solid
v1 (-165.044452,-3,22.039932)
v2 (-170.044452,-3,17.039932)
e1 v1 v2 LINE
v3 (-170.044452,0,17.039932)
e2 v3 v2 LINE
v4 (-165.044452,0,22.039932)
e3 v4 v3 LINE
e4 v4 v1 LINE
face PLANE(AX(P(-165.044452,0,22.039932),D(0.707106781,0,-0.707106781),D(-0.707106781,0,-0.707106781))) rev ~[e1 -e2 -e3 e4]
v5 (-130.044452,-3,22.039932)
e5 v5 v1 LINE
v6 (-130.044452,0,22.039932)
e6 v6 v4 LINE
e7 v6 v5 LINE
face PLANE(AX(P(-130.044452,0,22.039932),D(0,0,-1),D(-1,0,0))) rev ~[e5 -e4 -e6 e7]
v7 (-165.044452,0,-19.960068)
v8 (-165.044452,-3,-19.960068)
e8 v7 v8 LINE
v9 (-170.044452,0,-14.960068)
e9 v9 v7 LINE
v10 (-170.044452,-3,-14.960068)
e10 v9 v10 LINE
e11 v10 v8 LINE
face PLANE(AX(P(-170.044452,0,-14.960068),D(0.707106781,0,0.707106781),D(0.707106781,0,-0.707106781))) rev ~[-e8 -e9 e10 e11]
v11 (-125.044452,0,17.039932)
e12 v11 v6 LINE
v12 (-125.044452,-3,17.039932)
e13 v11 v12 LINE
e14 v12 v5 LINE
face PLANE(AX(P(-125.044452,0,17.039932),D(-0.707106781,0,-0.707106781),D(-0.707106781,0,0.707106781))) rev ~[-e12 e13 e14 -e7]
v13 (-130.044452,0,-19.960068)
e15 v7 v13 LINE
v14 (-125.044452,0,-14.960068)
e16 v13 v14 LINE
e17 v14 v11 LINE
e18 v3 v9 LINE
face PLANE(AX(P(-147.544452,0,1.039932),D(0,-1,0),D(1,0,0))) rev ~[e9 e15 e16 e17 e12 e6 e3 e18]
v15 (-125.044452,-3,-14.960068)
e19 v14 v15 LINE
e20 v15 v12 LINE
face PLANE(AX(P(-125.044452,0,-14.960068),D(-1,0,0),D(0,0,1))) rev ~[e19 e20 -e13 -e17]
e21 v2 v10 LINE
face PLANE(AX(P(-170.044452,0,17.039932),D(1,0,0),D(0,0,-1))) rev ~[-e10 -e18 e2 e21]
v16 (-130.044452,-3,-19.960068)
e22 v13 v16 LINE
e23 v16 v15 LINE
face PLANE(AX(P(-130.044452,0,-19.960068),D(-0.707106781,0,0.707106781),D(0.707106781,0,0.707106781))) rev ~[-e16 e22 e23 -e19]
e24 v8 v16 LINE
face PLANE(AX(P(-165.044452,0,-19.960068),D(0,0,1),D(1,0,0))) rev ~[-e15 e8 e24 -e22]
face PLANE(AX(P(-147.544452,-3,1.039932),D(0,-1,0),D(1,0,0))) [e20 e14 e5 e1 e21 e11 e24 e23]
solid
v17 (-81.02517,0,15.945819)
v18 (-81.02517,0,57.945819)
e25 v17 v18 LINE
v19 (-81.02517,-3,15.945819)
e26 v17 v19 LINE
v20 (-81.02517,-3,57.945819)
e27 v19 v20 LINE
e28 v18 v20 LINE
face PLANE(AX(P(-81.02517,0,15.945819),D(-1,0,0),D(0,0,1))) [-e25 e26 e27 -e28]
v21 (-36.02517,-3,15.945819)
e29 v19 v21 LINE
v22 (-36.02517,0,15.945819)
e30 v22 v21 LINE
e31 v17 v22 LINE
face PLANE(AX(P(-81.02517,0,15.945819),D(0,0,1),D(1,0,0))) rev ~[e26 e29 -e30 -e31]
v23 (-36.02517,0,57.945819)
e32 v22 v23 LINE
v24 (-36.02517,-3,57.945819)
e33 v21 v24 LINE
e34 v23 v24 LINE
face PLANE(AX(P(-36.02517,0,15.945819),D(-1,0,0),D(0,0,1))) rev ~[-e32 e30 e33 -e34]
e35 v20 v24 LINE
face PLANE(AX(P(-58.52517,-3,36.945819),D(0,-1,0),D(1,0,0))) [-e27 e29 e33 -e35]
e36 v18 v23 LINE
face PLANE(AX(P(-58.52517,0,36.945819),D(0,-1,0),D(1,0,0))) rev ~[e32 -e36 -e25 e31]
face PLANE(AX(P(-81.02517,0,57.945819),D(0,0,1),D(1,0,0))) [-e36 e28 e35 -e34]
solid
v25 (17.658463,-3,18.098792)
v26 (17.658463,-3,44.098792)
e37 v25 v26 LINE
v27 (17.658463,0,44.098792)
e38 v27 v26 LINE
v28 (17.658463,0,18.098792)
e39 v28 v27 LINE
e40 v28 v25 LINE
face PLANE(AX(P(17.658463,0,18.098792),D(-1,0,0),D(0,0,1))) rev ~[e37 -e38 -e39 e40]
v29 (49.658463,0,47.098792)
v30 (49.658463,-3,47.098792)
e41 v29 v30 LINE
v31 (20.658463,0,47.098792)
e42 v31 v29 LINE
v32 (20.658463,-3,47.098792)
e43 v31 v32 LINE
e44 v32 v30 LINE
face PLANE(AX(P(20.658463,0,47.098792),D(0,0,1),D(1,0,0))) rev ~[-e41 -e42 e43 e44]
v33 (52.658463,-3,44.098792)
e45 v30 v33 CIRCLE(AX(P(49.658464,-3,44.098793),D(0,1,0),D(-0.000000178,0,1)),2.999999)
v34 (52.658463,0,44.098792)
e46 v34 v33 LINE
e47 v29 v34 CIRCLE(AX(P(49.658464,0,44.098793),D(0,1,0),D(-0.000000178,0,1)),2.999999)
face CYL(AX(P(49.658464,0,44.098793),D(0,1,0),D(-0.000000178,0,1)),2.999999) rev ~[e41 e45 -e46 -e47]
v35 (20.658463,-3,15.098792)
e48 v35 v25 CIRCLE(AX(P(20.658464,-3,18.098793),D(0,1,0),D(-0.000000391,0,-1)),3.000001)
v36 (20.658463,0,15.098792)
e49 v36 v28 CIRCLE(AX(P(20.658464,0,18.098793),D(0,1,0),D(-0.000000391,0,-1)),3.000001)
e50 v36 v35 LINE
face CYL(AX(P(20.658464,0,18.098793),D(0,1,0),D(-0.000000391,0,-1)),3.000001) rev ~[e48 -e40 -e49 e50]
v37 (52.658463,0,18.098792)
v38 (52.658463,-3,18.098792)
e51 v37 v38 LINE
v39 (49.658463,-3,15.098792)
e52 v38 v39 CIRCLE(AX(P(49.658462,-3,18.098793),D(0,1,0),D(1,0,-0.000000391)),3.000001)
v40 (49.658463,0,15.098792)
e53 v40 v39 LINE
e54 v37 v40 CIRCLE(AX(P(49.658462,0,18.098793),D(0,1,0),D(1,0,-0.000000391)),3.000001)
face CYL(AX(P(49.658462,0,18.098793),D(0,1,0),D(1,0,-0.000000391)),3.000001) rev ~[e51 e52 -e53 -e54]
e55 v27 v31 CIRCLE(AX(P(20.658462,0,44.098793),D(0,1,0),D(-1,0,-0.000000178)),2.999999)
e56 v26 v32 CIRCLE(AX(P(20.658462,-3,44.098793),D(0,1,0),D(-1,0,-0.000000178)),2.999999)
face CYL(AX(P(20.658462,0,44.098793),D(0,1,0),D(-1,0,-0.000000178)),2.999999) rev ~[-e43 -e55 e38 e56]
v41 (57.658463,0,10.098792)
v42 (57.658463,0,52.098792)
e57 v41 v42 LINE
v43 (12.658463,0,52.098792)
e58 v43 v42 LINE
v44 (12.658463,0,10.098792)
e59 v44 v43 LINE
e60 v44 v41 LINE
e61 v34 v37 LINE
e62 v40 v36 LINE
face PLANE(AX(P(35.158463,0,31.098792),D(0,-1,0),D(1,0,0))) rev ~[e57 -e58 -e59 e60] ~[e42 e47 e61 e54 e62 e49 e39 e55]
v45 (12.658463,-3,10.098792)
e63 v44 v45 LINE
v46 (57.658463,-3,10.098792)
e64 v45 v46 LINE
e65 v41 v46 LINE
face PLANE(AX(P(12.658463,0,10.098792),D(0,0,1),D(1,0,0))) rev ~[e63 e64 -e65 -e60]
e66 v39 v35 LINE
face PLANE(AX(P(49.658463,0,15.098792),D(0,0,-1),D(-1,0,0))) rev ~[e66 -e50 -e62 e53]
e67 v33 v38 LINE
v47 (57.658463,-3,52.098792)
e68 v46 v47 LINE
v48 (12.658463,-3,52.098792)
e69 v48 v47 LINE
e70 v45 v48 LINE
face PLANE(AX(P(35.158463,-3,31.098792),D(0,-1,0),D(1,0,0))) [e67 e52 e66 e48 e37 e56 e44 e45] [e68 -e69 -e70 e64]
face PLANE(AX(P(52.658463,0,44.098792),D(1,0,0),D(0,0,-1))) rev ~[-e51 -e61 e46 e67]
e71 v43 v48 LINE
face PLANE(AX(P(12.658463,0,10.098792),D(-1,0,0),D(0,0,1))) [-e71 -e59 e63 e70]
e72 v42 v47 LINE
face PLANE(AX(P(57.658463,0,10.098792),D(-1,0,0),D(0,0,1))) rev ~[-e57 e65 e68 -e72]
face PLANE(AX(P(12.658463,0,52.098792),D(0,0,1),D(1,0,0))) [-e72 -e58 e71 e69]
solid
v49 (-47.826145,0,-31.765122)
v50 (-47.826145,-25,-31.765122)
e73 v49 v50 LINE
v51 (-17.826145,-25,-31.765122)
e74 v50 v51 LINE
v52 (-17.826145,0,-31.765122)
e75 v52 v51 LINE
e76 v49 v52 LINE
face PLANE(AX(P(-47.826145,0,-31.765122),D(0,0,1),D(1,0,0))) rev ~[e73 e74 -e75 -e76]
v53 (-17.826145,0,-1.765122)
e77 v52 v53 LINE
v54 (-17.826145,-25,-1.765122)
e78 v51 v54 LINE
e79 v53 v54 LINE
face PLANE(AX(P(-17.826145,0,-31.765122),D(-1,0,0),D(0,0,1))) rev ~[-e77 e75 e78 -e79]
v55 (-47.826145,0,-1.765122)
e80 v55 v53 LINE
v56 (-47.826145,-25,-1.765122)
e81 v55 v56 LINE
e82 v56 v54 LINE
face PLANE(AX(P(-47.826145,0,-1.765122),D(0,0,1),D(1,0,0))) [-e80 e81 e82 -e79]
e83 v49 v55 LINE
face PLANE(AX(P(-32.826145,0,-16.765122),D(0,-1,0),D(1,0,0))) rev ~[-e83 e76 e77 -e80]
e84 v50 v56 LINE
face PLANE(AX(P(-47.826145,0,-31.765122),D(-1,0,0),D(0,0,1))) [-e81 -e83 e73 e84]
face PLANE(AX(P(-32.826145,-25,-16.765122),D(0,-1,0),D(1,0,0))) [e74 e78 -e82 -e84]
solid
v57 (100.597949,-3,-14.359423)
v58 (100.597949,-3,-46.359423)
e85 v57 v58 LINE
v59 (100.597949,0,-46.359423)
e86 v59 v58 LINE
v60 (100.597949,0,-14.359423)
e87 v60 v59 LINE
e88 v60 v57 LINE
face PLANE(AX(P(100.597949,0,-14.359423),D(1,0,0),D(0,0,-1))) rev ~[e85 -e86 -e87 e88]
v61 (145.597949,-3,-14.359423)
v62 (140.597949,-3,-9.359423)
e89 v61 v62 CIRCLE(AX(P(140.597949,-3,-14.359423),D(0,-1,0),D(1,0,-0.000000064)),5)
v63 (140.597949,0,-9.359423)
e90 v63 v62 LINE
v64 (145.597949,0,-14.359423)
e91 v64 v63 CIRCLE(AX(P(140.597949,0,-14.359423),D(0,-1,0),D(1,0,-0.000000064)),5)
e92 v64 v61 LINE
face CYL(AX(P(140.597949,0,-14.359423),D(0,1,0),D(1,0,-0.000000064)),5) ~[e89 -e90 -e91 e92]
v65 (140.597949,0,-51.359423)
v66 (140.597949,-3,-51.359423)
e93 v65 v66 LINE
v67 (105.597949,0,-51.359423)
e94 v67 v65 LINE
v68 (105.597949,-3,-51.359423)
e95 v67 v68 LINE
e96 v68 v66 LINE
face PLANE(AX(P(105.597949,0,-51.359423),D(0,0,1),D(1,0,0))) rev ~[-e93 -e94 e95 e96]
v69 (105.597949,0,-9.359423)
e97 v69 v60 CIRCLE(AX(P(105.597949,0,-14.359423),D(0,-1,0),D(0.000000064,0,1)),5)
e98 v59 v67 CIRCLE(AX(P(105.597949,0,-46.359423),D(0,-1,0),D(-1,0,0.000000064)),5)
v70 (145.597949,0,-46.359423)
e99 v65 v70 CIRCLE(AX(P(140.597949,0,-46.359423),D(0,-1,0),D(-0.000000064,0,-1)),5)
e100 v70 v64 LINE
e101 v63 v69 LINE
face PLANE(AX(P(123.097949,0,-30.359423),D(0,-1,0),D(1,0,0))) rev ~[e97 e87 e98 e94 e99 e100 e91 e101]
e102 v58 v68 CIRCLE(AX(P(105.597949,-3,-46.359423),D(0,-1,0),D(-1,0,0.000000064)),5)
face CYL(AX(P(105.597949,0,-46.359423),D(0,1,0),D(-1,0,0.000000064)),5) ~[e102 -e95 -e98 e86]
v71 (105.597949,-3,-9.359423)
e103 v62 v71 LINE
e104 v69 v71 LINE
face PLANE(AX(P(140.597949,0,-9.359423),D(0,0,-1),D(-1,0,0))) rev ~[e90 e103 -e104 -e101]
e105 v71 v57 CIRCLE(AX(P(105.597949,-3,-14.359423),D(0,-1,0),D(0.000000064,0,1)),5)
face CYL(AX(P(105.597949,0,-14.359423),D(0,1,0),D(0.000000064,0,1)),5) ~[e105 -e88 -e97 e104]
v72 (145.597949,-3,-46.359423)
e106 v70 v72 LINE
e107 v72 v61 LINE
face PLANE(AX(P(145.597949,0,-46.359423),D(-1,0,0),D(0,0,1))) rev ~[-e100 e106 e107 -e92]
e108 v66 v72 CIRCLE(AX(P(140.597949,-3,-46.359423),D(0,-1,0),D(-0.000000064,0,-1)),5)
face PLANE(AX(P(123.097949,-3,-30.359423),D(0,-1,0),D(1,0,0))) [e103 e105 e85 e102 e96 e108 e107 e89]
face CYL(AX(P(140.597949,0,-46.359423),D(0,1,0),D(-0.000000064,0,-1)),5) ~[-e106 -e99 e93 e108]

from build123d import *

# Parameters (mm, degrees)
F0_W     = 45
F0_H     = 42
F1_DEPTH = 3
F2_W     = 45
F2_H     = 42
F3_DEPTH = 3
F4_W     = 30
F4_H     = 30
F5_DEPTH = 25
F7_DEPTH = 3
F9_DEPTH = 3


with BuildPart() as f1:
    # F0 (on Front) → F1 (new body)
    with BuildSketch(Plane.XZ):
        with Locations((-58.52517, 36.945819)):
            Rectangle(F0_W, F0_H)
    extrude(amount=F1_DEPTH)


with BuildPart() as f3:
    # F2 (on Front) → F3 (new body)
    with BuildSketch(Plane.XZ):
        with Locations((35.158463, 31.098792)):
            Rectangle(F2_W, F2_H)
        with BuildLine():
            Line((20.658463, 47.098792), (49.658463, 47.098792))
            ThreePointArc((49.658463, 47.098792), (51.779783, 46.220113), (52.658463, 44.098792))
            Line((52.658463, 44.098792), (52.658463, 18.098792))
            ThreePointArc((52.658463, 18.098792), (51.779783, 15.977472), (49.658463, 15.098792))
            Line((49.658463, 15.098792), (20.658463, 15.098792))
            ThreePointArc((20.658463, 15.098792), (18.537143, 15.977472), (17.658463, 18.098792))
            Line((17.658463, 18.098792), (17.658463, 44.098792))
            ThreePointArc((17.658463, 44.098792), (18.537143, 46.220113), (20.658463, 47.098792))
        make_face(mode=Mode.SUBTRACT)
    extrude(amount=F3_DEPTH)


with BuildPart() as f5:
    # F4 (on Front) → F5 (new body)
    with BuildSketch(Plane.XZ):
        with Locations((-32.826145, -16.765122)):
            Rectangle(F4_W, F4_H)
    extrude(amount=F5_DEPTH)


with BuildPart() as f7:
    # F6 (on Front) → F7 (new body)
    with BuildSketch(Plane.XZ):
        with BuildLine():
            Line((140.597949, -9.359423), (105.597949, -9.359423))
            ThreePointArc((105.597949, -9.359423), (102.062415, -10.823889), (100.597949, -14.359423))
            Line((100.597949, -14.359423), (100.597949, -46.359423))
            ThreePointArc((100.597949, -46.359423), (102.062415, -49.894957), (105.597949, -51.359423))
            Line((105.597949, -51.359423), (140.597949, -51.359423))
            ThreePointArc((140.597949, -51.359423), (144.133483, -49.894957), (145.597949, -46.359423))
            Line((145.597949, -46.359423), (145.597949, -14.359423))
            ThreePointArc((145.597949, -14.359423), (144.133483, -10.823889), (140.597949, -9.359423))
        make_face()
    extrude(amount=F7_DEPTH)


with BuildPart() as f9:
    # F8 (on Front) → F9 (new body)
    with BuildSketch(Plane.XZ):
        Polygon((-130.044452, 22.039932), (-165.044452, 22.039932), (-170.044452, 17.039932), (-170.044452, -14.960068), (-165.044452, -19.960068), (-130.044452, -19.960068), (-125.044452, -14.960068), (-125.044452, 17.039932), align=None)
    extrude(amount=F9_DEPTH)


solid = Compound([f1.part, f3.part, f5.part, f7.part, f9.part])
